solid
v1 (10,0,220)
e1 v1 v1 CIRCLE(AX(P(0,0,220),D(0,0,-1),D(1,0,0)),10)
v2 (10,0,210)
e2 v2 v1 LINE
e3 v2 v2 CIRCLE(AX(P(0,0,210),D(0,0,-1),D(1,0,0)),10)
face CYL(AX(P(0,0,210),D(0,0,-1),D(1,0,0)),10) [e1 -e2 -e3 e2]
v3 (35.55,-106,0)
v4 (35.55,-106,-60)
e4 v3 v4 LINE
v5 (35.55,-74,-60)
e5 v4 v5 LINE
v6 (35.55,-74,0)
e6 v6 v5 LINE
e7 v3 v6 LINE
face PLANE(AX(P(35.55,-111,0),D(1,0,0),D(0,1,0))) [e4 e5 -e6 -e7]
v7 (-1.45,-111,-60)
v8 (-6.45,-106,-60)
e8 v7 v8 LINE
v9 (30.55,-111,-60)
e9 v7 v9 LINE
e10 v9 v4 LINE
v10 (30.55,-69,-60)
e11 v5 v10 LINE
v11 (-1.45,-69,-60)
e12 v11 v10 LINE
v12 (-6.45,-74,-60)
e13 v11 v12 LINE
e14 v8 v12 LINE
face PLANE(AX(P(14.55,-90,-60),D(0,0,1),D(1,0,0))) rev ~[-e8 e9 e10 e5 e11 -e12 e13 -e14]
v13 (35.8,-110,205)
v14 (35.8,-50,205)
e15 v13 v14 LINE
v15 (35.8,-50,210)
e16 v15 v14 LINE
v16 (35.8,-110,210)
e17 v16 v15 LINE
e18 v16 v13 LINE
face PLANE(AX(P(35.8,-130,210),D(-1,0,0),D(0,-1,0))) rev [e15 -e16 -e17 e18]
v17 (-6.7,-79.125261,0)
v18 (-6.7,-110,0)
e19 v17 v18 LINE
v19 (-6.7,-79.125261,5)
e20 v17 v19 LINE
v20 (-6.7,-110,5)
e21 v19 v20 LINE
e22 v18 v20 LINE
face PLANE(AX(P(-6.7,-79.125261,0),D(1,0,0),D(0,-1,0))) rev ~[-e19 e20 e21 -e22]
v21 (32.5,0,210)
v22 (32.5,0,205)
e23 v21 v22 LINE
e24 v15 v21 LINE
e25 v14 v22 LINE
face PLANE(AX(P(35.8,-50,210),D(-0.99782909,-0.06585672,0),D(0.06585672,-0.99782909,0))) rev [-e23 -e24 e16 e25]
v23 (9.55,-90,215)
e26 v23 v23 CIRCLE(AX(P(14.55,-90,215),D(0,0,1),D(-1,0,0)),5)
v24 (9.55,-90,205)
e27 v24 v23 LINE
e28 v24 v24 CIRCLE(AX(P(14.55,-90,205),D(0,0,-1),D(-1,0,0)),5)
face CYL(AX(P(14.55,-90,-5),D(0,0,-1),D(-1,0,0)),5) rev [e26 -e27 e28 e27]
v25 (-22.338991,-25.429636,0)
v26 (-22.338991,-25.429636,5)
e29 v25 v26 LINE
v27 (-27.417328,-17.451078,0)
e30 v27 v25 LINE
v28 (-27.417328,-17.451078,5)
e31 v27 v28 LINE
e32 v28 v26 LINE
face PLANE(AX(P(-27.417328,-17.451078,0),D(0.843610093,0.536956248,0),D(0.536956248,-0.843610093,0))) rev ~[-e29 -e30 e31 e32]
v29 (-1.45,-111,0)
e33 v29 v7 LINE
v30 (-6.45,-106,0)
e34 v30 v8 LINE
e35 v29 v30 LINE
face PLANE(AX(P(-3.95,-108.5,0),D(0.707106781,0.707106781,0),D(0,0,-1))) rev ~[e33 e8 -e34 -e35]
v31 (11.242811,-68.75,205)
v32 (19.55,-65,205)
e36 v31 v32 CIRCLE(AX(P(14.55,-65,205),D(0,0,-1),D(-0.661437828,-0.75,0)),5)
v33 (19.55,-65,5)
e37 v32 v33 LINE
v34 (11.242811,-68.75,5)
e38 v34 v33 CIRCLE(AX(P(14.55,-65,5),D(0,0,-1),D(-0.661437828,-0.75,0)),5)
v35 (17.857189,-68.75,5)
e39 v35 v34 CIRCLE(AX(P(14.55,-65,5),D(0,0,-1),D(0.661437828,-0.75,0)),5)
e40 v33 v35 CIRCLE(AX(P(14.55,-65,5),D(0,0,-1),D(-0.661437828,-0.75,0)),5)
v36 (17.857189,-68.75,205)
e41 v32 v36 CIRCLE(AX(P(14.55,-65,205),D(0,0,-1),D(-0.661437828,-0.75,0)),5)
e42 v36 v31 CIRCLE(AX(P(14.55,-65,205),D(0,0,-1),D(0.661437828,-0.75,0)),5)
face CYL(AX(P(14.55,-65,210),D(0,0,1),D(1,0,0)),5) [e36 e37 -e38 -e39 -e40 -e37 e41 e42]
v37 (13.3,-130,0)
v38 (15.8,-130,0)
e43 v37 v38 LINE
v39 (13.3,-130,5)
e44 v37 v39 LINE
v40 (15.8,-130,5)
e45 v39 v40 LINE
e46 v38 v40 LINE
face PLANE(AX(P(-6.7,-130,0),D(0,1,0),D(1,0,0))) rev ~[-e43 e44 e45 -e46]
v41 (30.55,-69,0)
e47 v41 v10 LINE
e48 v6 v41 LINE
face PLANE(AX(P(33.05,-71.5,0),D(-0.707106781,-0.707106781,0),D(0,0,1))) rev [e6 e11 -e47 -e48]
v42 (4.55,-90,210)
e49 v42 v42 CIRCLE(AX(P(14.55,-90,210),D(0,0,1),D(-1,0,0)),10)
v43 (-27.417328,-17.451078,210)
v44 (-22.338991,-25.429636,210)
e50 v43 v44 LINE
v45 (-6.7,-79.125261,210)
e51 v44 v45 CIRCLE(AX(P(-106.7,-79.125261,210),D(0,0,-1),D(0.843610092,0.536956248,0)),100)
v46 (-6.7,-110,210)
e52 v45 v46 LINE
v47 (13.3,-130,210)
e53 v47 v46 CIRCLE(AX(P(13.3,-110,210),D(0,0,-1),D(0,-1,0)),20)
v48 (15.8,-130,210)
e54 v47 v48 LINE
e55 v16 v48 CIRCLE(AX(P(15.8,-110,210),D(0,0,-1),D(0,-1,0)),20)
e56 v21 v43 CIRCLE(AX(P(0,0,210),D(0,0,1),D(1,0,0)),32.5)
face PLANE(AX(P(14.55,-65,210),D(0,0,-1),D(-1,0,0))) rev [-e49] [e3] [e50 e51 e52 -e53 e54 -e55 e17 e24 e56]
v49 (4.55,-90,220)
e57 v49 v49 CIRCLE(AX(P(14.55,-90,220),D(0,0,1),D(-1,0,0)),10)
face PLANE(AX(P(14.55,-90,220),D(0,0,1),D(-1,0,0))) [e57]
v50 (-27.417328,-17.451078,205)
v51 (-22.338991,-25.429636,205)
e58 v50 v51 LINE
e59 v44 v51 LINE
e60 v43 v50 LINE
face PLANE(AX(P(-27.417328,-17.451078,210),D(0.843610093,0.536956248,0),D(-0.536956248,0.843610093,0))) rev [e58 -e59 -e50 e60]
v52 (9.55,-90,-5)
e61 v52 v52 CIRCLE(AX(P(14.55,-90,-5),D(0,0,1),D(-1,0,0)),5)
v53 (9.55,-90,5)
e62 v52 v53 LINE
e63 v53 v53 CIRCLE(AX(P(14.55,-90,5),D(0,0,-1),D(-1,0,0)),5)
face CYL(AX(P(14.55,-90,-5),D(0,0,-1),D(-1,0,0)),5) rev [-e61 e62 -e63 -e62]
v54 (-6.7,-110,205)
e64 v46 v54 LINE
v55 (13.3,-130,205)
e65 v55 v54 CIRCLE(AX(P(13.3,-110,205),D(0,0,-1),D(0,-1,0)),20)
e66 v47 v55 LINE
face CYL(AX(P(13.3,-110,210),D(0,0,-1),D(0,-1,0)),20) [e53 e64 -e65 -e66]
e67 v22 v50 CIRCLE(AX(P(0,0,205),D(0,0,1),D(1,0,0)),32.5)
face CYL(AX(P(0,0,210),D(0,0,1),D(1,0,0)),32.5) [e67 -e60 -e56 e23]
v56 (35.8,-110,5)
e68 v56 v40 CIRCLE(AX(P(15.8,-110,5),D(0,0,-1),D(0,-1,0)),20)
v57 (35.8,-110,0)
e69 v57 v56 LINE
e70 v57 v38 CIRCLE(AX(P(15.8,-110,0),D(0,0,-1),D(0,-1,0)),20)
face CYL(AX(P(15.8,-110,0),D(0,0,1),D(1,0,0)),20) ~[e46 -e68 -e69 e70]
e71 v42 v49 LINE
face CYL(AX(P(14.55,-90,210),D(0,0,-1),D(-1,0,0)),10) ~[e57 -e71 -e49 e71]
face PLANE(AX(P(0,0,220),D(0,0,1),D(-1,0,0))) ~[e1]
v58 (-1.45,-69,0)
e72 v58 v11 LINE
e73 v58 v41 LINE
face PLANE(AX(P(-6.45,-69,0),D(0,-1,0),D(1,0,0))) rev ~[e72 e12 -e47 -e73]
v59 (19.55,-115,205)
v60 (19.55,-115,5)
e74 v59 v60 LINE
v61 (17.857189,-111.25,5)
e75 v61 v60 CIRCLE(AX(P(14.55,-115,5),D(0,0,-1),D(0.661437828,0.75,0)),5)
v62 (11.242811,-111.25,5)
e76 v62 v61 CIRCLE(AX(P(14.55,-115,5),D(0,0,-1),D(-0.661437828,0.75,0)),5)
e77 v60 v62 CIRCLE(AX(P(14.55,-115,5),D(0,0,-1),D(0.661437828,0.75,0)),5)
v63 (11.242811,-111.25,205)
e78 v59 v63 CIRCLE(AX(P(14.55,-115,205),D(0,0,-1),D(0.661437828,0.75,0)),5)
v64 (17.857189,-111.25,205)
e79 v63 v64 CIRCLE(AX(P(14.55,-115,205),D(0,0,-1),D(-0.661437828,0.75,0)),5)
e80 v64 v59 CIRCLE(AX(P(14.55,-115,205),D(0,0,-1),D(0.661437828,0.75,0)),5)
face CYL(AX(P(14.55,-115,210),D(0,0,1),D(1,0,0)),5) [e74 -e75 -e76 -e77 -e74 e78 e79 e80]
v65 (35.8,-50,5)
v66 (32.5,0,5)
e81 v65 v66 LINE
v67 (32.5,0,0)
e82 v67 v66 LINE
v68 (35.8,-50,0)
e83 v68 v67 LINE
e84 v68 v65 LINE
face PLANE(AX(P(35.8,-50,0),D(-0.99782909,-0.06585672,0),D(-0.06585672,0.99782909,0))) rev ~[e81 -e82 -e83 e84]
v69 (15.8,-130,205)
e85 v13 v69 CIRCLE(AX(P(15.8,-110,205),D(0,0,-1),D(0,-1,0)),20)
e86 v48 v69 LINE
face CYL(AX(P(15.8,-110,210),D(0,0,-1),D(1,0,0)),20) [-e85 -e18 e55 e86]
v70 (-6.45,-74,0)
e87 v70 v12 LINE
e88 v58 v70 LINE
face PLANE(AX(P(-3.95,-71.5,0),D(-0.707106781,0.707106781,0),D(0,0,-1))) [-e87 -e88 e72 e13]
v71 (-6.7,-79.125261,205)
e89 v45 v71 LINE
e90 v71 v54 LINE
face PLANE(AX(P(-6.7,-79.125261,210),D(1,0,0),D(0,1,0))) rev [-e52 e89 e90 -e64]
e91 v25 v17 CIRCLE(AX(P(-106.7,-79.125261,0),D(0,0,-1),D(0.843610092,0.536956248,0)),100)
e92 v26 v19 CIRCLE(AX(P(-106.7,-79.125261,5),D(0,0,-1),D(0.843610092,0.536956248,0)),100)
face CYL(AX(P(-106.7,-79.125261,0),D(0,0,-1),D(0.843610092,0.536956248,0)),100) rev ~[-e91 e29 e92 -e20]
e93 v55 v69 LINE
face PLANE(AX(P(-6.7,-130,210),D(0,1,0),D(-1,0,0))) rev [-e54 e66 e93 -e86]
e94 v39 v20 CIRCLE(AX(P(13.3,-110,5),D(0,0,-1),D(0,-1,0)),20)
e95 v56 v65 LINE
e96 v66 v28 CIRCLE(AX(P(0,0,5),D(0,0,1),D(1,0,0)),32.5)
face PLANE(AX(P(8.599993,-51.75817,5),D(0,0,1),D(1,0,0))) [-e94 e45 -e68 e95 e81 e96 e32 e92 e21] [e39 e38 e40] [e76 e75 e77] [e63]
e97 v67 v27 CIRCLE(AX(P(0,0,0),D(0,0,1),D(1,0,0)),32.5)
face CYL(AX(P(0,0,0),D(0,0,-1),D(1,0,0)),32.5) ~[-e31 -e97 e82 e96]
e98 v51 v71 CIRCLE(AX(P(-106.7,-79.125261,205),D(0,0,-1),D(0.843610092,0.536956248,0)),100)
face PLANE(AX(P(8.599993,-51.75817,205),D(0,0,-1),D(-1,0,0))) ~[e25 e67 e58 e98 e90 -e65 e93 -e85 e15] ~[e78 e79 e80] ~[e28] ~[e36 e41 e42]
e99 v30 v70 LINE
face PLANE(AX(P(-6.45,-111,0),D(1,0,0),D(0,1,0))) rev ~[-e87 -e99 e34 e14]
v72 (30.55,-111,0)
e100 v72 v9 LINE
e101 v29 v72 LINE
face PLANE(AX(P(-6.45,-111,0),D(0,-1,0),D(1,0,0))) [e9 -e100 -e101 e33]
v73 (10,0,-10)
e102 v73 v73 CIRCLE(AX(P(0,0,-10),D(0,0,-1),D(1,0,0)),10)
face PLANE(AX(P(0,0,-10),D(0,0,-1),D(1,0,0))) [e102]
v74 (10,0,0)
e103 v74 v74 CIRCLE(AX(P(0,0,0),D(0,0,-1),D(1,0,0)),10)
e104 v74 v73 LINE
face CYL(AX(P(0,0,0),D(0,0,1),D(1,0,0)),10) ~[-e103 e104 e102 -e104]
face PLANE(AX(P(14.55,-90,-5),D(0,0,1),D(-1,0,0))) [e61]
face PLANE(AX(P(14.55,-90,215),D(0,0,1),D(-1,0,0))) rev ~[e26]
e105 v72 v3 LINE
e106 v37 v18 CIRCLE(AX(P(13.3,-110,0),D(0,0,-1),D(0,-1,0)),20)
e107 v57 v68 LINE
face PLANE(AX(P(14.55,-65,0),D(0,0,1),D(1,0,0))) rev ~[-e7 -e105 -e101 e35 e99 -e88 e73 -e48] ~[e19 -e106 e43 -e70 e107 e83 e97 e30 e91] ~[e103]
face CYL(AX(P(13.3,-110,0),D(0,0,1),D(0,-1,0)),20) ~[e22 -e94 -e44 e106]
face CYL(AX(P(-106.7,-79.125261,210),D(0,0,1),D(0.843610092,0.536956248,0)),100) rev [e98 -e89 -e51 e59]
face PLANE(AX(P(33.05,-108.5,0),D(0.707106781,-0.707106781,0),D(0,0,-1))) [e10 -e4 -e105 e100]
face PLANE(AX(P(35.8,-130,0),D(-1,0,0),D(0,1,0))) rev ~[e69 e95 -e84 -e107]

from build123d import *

# Parameters (mm, degrees)
BOSS_EXTRUDE4_DEPTH     = 5
SKETCH5_3_R             = 5
BOSS_EXTRUDE5_DEPTH     = 105
FILLET3_R               = 20
SKETCH9_R               = 10
BOSS_EXTRUDE8_DEPTH     = 10
SKETCH5_4_W             = 42
SKETCH5_4_H             = 42
BOSS_EXTRUDE6_DEPTH     = 60
CHAMFER1_SIZE           = 5
SKETCH7_R               = 10
BOSS_EXTRUDE7_DEPTH     = 10
CUT_EXTRUDE2_DEPTH      = 210
CUT_EXTRUDE2_DEPTH_BACK = 10
SKETCH8_R               = 5


with BuildPart() as part:
    # Sketch5 → Boss-Extrude4 (new body)
    with BuildSketch(Plane.XY):
        with BuildLine():
            ThreePointArc((-22.338990751, -25.429636041), (-10.689321102, -51.161900175), (-6.7, -79.125260802))
            Line((-6.7, -79.125260802), (-6.7, -130))
            Line((-6.7, -130), (35.8, -130))
            Line((35.8, -130), (35.8, -50))
            Line((35.8, -50), (32.5, 0))
            ThreePointArc((32.5, 0), (-9.088092204, 31.203470642), (-27.417328006, -17.451078047))
            Line((-27.417328006, -17.451078047), (-22.338990751, -25.429636041))
        make_face()
        with BuildLine():
            ThreePointArc((11.55, -111), (14.55, -110), (17.55, -111))
            Line((17.55, -111), (11.55, -111))
        make_face(mode=Mode.SUBTRACT)
        with BuildLine():
            ThreePointArc((17.857189139, -111.25), (14.55, -120), (11.242810861, -111.25))
            Line((11.242810861, -111.25), (17.857189139, -111.25))
        make_face(mode=Mode.SUBTRACT)
        with BuildLine():
            Line((11.55, -69), (17.55, -69))
            ThreePointArc((17.55, -69), (14.55, -70), (11.55, -69))
        make_face(mode=Mode.SUBTRACT)
        with BuildLine():
            Line((17.857189139, -68.75), (11.242810861, -68.75))
            ThreePointArc((11.242810861, -68.75), (14.55, -60), (17.857189139, -68.75))
        make_face(mode=Mode.SUBTRACT)
    extrude(amount=BOSS_EXTRUDE4_DEPTH)

    # Sketch5<3> → Boss-Extrude5 (add)
    with BuildSketch(Plane.XY):
        with Locations((14.55, -65)):
            Circle(SKETCH5_3_R)
        with Locations((14.55, -115)):
            Circle(SKETCH5_3_R)
    extrude(amount=BOSS_EXTRUDE5_DEPTH)

    # Fillet3
    fillet3_edges = [part.edges().sort_by_distance(p)[0] for p in [
        (35.8, -130, 2.5),
        (-6.7, -130, 2.5),
    ]]
    fillet(fillet3_edges, radius=FILLET3_R)

    # Sketch9 → Boss-Extrude8 (add)
    with BuildSketch(Plane(origin=(0, 0, 0), x_dir=(-1, 0, 0), z_dir=(0, 0, -1))):
        with Locations(Location((0, 0, 0), (0, 0, 180))):
            Circle(SKETCH9_R)
    extrude(amount=BOSS_EXTRUDE8_DEPTH)

    # Mirror3: part across plane


with BuildPart() as part_1:
    add(part.part)
    add(part.part.mirror(Plane(origin=(14.55, -65, 105), x_dir=(1, 0, 0), z_dir=(0, 0, 1))))

    # Sketch5<4> → Boss-Extrude6 (add)
    with BuildSketch(Plane.XY):
        with Locations((14.55, -90)):
            Rectangle(SKETCH5_4_W, SKETCH5_4_H)
    extrude(amount=-BOSS_EXTRUDE6_DEPTH)

    # Chamfer1
    chamfer1_edges = [part_1.edges().sort_by_distance(p)[0] for p in [
        (-6.45, -111, -30),
        (-6.45, -69, -30),
        (35.55, -69, -30),
        (35.55, -111, -30),
    ]]
    chamfer(chamfer1_edges, length=CHAMFER1_SIZE)

    # Sketch7 → Boss-Extrude7 (add)
    with BuildSketch(Plane.XY.offset(210)):
        with Locations(Location((14.55, -90, 0), (0, 0, 180))):
            Circle(SKETCH7_R)
    extrude(amount=BOSS_EXTRUDE7_DEPTH)

    # Sketch8 → Cut-Extrude2 (cut, two sides: drawn at the far end of the back side and taken through both)
    with BuildSketch(Plane.XY.offset(5).offset(-CUT_EXTRUDE2_DEPTH_BACK)):
        with Locations(Location((14.55, -90, 0), (0, 0, 180))):
            Circle(SKETCH8_R)
    extrude(amount=CUT_EXTRUDE2_DEPTH + CUT_EXTRUDE2_DEPTH_BACK, mode=Mode.SUBTRACT)


solid = part_1.part
